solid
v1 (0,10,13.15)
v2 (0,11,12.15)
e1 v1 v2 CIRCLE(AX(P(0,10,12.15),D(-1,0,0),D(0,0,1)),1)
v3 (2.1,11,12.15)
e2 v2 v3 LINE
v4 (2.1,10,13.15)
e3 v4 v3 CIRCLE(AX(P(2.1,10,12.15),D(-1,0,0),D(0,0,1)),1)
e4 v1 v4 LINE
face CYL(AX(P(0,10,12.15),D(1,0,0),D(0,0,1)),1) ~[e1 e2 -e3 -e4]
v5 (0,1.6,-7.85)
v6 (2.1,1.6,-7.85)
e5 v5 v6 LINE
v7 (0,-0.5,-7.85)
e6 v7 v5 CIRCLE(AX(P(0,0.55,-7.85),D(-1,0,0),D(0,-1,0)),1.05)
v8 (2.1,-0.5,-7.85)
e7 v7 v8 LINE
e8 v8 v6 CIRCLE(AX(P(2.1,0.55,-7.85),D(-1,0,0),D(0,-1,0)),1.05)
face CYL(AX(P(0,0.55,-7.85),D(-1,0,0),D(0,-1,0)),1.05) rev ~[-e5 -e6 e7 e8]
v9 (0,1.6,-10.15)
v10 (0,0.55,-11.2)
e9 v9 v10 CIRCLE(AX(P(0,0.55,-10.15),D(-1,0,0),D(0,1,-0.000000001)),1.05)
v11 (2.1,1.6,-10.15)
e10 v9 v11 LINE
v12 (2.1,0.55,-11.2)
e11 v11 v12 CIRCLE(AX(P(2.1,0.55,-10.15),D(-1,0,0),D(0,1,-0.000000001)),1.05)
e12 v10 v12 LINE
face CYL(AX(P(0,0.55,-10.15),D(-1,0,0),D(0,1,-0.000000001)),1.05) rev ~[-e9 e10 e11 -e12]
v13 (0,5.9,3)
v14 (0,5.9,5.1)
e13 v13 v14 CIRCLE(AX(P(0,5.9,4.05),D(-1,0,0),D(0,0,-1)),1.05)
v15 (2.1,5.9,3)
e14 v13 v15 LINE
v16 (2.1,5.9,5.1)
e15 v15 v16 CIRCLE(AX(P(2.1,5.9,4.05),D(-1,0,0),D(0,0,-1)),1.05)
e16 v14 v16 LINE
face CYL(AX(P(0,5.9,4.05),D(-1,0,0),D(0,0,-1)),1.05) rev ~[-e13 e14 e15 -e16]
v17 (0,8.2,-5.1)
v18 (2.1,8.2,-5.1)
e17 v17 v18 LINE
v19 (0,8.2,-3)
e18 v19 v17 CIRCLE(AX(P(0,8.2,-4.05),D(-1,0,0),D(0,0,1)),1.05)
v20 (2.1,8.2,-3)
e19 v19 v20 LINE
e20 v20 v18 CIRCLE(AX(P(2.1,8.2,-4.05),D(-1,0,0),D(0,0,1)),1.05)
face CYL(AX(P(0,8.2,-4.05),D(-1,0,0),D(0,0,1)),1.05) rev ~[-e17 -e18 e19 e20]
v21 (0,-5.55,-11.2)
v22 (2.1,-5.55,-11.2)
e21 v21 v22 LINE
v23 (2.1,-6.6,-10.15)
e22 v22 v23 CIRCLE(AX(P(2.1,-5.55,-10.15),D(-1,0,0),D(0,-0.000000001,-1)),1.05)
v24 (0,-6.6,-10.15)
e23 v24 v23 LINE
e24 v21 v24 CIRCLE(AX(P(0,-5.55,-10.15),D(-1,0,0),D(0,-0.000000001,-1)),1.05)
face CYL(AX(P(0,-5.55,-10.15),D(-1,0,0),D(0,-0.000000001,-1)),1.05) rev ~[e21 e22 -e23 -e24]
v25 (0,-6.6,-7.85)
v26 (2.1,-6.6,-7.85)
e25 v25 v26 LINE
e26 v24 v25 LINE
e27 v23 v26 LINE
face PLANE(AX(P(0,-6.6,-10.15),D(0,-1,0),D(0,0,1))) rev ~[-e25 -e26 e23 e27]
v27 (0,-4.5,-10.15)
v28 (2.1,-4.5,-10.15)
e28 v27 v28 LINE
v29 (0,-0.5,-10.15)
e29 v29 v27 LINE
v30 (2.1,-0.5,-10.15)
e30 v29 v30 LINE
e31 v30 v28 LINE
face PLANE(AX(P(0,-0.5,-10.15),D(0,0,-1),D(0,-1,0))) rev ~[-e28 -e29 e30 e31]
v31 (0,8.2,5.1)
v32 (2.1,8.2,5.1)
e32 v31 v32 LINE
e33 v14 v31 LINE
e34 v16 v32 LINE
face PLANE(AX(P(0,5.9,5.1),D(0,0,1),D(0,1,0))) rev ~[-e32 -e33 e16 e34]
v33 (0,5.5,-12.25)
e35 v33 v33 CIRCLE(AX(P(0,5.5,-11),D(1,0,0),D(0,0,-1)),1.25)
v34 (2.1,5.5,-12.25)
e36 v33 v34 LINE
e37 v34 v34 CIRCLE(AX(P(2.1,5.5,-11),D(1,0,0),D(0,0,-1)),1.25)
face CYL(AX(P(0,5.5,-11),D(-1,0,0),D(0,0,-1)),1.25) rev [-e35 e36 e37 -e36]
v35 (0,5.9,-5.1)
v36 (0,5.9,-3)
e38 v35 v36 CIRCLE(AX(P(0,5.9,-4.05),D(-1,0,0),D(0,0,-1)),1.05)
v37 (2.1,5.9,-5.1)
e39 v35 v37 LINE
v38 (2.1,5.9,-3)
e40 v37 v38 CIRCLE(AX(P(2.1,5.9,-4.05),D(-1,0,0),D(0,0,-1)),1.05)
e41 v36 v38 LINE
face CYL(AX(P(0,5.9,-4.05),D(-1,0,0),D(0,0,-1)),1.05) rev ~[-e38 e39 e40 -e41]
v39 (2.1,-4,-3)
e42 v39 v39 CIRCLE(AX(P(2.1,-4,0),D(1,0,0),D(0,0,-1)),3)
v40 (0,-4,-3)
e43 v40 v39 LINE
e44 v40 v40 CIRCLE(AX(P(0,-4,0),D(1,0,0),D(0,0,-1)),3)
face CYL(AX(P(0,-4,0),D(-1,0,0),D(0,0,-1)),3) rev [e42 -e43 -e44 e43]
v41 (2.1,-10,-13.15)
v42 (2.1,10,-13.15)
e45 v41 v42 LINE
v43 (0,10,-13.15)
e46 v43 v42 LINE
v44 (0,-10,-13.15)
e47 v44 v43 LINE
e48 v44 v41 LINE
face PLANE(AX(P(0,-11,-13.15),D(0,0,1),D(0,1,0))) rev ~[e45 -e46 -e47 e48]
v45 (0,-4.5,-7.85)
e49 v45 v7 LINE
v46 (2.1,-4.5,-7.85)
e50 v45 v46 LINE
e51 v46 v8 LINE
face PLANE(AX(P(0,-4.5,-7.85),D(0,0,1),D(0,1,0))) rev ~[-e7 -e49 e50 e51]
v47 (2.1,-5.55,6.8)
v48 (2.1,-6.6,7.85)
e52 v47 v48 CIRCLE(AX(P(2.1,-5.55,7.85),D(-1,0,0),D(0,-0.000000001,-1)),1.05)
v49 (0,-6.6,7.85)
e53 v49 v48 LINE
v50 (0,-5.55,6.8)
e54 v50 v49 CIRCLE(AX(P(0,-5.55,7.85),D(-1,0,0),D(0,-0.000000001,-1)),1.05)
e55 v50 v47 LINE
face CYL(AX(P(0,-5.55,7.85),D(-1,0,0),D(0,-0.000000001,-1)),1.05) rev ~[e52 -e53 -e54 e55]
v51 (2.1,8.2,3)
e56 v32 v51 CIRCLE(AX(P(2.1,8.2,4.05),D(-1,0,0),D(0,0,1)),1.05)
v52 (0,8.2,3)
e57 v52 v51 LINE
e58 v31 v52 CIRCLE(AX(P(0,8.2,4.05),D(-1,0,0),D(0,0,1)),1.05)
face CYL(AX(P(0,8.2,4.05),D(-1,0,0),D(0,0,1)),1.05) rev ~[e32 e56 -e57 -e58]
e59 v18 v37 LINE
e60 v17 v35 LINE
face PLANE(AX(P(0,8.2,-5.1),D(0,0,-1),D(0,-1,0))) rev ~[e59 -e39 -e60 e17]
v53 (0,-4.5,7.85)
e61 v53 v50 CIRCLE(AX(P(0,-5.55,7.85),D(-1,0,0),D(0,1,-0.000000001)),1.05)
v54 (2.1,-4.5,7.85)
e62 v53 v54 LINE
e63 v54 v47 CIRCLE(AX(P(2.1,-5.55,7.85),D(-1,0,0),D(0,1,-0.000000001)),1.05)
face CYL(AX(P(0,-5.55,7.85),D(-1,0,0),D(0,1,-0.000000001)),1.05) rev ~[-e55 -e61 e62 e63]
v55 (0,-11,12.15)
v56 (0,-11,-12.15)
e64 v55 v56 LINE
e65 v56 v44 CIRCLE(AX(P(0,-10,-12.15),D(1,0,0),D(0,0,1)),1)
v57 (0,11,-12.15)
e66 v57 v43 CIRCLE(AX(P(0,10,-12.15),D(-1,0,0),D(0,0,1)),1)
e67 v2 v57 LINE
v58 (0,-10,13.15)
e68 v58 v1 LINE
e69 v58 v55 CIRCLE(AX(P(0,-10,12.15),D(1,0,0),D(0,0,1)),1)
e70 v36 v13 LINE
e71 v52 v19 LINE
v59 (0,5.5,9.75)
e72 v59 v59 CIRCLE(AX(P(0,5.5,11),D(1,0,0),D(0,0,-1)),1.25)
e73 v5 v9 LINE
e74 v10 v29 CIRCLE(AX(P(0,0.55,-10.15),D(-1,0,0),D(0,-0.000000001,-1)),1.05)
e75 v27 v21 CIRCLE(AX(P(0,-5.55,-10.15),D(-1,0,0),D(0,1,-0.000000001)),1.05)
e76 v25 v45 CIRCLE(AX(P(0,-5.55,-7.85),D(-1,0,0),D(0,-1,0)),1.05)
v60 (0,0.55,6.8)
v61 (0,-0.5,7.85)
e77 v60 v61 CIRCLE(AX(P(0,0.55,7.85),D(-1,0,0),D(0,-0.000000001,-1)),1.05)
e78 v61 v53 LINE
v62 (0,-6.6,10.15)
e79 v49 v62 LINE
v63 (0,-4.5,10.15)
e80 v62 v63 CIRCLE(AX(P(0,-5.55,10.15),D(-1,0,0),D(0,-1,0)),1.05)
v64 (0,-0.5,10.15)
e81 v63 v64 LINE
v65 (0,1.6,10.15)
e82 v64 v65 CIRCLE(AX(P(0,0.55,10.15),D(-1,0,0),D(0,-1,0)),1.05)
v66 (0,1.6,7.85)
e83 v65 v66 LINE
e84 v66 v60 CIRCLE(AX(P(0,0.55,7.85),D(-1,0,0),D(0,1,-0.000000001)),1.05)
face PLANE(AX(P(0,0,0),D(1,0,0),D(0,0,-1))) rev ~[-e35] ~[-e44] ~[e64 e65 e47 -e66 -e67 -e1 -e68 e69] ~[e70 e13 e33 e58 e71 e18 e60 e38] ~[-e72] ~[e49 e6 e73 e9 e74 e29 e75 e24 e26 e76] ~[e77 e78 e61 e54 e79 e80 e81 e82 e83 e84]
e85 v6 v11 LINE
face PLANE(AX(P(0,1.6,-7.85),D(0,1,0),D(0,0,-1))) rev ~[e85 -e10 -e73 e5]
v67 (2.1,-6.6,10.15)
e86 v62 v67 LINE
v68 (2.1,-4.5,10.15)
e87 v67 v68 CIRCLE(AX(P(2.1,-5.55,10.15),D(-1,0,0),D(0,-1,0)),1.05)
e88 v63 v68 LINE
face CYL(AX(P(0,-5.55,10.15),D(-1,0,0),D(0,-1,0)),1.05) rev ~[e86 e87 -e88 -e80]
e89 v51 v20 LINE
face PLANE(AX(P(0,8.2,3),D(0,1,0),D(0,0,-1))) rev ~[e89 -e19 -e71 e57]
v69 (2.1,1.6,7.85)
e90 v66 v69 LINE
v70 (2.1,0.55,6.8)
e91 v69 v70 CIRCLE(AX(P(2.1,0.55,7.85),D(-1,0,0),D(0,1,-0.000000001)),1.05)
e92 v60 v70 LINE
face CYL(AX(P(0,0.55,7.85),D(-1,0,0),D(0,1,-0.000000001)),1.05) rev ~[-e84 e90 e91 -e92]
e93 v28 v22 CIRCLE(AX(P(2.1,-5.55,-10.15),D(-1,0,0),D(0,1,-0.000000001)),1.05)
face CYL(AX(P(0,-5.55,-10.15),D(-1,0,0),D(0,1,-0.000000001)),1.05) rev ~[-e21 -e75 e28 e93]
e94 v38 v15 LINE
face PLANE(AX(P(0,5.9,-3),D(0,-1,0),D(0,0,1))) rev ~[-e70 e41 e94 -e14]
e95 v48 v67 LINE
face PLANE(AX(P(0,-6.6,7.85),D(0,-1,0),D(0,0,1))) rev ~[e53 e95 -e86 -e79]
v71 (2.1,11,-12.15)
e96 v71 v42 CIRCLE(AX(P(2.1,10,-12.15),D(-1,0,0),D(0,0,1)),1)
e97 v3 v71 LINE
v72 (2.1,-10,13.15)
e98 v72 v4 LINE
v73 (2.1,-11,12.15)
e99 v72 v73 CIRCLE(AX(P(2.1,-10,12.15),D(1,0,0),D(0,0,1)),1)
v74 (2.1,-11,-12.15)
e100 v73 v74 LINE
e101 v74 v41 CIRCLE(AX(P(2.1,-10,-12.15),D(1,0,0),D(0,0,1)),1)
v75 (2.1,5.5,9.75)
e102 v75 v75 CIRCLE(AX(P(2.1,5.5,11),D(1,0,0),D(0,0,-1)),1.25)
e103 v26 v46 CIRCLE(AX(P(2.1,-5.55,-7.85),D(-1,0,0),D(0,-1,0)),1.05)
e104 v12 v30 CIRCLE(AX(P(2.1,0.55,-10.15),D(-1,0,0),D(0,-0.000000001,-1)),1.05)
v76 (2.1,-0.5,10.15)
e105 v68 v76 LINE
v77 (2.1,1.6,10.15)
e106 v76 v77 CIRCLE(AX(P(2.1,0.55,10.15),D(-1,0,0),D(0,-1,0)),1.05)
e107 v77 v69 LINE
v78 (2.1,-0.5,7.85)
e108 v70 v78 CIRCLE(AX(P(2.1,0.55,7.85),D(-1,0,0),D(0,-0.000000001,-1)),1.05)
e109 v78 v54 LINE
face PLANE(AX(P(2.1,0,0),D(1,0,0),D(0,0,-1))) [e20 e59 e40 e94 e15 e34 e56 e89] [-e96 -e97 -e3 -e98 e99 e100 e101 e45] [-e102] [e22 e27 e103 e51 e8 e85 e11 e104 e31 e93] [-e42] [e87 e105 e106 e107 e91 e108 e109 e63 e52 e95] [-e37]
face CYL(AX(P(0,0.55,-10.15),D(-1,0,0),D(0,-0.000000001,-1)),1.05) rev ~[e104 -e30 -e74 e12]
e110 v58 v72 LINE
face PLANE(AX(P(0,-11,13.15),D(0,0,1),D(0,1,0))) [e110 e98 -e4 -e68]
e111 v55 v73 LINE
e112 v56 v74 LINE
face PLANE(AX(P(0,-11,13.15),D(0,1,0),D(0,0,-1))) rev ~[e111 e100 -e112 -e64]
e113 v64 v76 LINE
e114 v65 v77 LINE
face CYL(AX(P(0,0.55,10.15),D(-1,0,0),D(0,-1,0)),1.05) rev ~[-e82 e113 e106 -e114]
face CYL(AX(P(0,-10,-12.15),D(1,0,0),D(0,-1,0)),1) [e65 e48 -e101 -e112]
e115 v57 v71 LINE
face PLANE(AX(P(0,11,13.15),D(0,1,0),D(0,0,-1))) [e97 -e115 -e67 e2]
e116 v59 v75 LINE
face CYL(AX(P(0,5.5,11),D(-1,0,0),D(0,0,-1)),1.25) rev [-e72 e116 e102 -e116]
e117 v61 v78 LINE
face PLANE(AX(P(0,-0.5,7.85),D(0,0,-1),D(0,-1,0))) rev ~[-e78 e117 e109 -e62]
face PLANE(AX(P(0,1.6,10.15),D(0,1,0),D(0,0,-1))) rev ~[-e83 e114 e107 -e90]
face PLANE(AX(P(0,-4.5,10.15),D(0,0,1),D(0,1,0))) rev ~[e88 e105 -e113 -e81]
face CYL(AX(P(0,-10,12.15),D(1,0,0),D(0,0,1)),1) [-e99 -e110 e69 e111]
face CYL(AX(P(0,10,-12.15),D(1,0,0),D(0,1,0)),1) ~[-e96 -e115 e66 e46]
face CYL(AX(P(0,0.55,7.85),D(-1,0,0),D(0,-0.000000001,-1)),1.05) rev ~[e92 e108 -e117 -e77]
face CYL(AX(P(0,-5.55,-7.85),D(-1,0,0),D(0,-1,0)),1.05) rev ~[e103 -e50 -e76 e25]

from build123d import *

# Parameters (mm, degrees)
SKETCH_1_W      = 26.3
SKETCH_1_H      = 22
SKETCH_1_R      = 3
SKETCH_1_R_2    = 1.25
EXTRUDE_1_DEPTH = 2.1
FILLET_1_R      = 1


with BuildPart() as part:
    # 草图1 → 凸台-拉伸1 (new body)
    with BuildSketch(Plane(origin=(0, 0, 0), x_dir=(0, 0, -1), z_dir=(1, 0, 0))):
        Rectangle(SKETCH_1_W, SKETCH_1_H)
        with BuildLine():
            ThreePointArc((-6.8, -5.55), (-7.10753788, -6.29246212), (-7.85, -6.6))
            Line((-7.85, -6.6), (-10.15, -6.6))
            ThreePointArc((-10.15, -6.6), (-11.2, -5.55), (-10.15, -4.5))
            Line((-10.15, -4.5), (-10.15, -0.5))
            ThreePointArc((-10.15, -0.5), (-11.2, 0.55), (-10.15, 1.6))
            Line((-10.15, 1.6), (-7.85, 1.6))
            ThreePointArc((-7.85, 1.6), (-7.10753788, 1.29246212), (-6.8, 0.55))
            ThreePointArc((-6.8, 0.55), (-7.10753788, -0.19246212), (-7.85, -0.5))
            Line((-7.85, -0.5), (-7.85, -4.5))
            ThreePointArc((-7.85, -4.5), (-7.10753788, -4.80753788), (-6.8, -5.55))
        make_face(mode=Mode.SUBTRACT)
        with Locations((0, -4)):
            Circle(SKETCH_1_R, mode=Mode.SUBTRACT)
        with BuildLine():
            ThreePointArc((11.2, -5.55), (10.89246212, -6.29246212), (10.15, -6.6))
            Line((10.15, -6.6), (7.85, -6.6))
            ThreePointArc((7.85, -6.6), (6.8, -5.55), (7.85, -4.5))
            Line((7.85, -4.5), (7.85, -0.5))
            ThreePointArc((7.85, -0.5), (6.8, 0.55), (7.85, 1.6))
            Line((7.85, 1.6), (10.15, 1.6))
            ThreePointArc((10.15, 1.6), (10.89246212, 1.29246212), (11.2, 0.55))
            ThreePointArc((11.2, 0.55), (10.89246212, -0.19246212), (10.15, -0.5))
            Line((10.15, -0.5), (10.15, -4.5))
            ThreePointArc((10.15, -4.5), (10.89246212, -4.80753788), (11.2, -5.55))
        make_face(mode=Mode.SUBTRACT)
        with Locations((-11, 5.5)):
            Circle(SKETCH_1_R_2, mode=Mode.SUBTRACT)
        with BuildLine():
            Line((3, 5.9), (-3, 5.9))
            ThreePointArc((-3, 5.9), (-4.05, 4.85), (-5.1, 5.9))
            Line((-5.1, 5.9), (-5.1, 8.2))
            ThreePointArc((-5.1, 8.2), (-4.05, 9.25), (-3, 8.2))
            Line((-3, 8.2), (3, 8.2))
            ThreePointArc((3, 8.2), (4.05, 9.25), (5.1, 8.2))
            Line((5.1, 8.2), (5.1, 5.9))
            ThreePointArc((5.1, 5.9), (4.05, 4.85), (3, 5.9))
        make_face(mode=Mode.SUBTRACT)
        with Locations((11, 5.5)):
            Circle(SKETCH_1_R_2, mode=Mode.SUBTRACT)
    extrude(amount=EXTRUDE_1_DEPTH)

    # 圆角1
    fillet_1_edges = [part.edges().sort_by_distance(p)[0] for p in [
        (1.05, 11, 13.15),
        (1.05, 11, -13.15),
        (1.05, -11, -13.15),
        (1.05, -11, 13.15),
    ]]
    fillet(fillet_1_edges, radius=FILLET_1_R)


solid = part.part
